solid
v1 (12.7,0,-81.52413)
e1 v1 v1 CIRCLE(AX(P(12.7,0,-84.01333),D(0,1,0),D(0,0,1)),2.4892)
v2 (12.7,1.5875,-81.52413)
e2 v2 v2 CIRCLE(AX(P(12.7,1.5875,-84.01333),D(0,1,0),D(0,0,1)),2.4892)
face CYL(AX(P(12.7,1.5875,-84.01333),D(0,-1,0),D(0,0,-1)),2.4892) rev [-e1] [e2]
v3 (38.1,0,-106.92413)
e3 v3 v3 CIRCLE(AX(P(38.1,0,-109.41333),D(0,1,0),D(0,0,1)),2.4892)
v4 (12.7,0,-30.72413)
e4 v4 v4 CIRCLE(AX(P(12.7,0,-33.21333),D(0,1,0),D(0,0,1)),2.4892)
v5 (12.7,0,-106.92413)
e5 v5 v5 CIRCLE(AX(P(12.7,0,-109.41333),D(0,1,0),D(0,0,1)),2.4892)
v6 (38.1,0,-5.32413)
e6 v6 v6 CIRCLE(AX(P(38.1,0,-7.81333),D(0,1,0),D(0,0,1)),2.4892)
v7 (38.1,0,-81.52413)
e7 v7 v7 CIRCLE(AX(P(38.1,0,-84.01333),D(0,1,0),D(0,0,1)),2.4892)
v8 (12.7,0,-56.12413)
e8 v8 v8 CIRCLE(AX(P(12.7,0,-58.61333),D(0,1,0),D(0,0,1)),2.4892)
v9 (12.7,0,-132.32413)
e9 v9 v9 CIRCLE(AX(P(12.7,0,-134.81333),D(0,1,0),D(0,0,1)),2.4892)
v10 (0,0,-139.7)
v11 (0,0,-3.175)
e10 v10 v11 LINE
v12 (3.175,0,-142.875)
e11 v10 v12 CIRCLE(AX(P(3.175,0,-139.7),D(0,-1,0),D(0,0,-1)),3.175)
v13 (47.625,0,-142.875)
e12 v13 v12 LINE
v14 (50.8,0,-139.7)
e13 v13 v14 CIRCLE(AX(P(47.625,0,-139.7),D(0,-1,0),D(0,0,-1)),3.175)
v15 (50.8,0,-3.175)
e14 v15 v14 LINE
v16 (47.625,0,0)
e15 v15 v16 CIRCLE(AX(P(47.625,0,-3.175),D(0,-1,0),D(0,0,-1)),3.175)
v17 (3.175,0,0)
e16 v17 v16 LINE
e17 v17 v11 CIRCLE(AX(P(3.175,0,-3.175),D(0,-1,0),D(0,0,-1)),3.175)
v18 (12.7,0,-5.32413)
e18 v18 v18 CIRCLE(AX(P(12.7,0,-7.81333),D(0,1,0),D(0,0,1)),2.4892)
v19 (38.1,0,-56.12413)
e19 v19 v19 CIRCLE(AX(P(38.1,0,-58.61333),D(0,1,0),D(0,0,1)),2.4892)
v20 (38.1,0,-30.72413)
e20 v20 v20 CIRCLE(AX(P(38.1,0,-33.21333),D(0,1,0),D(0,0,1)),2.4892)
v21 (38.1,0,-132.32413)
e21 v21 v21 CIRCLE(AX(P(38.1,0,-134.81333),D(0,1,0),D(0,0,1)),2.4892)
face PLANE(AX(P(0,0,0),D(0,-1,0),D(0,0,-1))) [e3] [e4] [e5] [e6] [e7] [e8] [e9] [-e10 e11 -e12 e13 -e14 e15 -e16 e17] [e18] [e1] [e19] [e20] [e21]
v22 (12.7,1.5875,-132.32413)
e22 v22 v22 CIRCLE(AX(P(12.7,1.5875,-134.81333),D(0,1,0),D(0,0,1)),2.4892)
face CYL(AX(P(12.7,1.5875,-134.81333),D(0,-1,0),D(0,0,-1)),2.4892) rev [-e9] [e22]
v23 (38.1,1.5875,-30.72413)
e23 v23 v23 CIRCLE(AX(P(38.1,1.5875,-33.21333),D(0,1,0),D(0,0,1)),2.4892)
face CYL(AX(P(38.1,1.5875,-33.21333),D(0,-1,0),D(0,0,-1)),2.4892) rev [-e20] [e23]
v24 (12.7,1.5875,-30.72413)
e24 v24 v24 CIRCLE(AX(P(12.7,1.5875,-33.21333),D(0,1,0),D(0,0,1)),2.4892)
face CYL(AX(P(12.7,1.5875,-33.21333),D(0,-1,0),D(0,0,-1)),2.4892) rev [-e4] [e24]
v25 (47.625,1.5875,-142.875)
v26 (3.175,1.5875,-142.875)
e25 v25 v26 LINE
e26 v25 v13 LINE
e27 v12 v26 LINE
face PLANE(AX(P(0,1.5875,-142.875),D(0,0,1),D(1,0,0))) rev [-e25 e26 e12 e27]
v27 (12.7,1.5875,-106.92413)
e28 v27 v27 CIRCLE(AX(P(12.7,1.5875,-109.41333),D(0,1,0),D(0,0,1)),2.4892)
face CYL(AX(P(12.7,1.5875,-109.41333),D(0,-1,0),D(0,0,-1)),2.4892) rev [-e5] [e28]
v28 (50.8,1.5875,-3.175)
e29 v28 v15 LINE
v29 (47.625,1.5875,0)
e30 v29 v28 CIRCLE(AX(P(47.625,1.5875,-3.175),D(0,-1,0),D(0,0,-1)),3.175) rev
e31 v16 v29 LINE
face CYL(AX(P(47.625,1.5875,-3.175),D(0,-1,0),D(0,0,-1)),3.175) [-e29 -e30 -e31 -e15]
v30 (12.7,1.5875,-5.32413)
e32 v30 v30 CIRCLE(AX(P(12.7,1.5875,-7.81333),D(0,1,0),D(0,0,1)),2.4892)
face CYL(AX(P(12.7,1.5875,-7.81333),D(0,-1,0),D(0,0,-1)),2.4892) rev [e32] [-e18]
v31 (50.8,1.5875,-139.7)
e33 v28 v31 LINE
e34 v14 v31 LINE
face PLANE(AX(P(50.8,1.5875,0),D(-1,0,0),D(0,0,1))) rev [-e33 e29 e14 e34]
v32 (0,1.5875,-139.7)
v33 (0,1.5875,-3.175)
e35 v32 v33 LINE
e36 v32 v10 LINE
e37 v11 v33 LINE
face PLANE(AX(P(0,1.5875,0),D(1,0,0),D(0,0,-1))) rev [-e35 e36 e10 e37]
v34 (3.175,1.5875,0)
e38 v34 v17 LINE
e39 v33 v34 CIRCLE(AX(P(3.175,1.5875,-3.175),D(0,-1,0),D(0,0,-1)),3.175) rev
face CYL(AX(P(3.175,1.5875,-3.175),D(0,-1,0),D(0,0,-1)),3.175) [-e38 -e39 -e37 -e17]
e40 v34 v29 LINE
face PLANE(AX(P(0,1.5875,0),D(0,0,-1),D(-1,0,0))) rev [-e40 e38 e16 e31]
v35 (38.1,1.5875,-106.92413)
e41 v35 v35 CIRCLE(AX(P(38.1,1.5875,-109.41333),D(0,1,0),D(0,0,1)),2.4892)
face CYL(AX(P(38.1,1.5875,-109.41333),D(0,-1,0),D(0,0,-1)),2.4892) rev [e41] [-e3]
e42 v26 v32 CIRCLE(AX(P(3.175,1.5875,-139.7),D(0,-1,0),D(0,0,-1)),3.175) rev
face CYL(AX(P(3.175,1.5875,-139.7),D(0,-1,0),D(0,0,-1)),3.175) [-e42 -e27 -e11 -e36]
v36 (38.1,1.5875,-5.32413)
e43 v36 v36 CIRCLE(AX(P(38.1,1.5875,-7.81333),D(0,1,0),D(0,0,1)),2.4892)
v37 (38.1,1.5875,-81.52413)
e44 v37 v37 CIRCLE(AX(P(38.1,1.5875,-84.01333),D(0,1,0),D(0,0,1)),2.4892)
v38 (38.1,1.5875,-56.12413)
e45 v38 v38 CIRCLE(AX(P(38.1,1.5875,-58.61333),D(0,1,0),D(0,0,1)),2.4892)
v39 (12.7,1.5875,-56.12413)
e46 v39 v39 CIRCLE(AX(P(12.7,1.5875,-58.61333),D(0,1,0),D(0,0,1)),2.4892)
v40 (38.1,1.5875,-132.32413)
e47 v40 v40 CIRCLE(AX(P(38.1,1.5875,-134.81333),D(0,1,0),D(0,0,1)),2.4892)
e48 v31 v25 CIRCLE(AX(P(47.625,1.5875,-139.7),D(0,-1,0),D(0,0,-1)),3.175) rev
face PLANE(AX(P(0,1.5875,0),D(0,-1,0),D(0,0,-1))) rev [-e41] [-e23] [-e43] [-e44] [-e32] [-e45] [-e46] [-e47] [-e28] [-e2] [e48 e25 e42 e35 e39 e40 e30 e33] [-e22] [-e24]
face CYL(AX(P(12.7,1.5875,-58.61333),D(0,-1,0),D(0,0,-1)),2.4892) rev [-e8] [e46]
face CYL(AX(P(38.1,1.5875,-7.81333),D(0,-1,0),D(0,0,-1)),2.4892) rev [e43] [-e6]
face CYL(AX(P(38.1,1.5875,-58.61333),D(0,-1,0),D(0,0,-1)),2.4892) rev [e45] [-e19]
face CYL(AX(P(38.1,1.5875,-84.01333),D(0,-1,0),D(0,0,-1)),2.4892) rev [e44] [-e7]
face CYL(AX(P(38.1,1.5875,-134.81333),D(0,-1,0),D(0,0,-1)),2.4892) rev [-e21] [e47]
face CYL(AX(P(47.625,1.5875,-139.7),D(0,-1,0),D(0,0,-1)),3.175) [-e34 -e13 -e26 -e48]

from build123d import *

# Parameters (mm, degrees)
SKETCH1_W           = 50.8
SKETCH1_H           = 142.875
SKETCH1_R           = 2.4892
BOSS_EXTRUDE1_DEPTH = 1.5875
FILLET1_R           = 3.175


with BuildPart() as part:
    # Sketch1 → Boss-Extrude1 (new body)
    with BuildSketch(Plane(origin=(0, 0, 0), x_dir=(1, 0, 0), z_dir=(0, 1, 0))):
        with Locations((25.4, 71.4375)):
            Rectangle(SKETCH1_W, SKETCH1_H)
        with Locations(Location((12.7, 7.813330322, 0), (0, 0, 270))):
            Circle(SKETCH1_R, mode=Mode.SUBTRACT)
        with Locations(Location((12.7, 33.213330322, 0), (0, 0, 270))):
            Circle(SKETCH1_R, mode=Mode.SUBTRACT)
        with Locations(Location((12.7, 58.613330322, 0), (0, 0, 270))):
            Circle(SKETCH1_R, mode=Mode.SUBTRACT)
        with Locations(Location((12.7, 84.013330322, 0), (0, 0, 270))):
            Circle(SKETCH1_R, mode=Mode.SUBTRACT)
        with Locations(Location((12.7, 109.413330322, 0), (0, 0, 270))):
            Circle(SKETCH1_R, mode=Mode.SUBTRACT)
        with Locations(Location((12.7, 134.813330322, 0), (0, 0, 270))):
            Circle(SKETCH1_R, mode=Mode.SUBTRACT)
        with Locations(Location((38.1, 33.213330322, 0), (0, 0, 270))):
            Circle(SKETCH1_R, mode=Mode.SUBTRACT)
        with Locations(Location((38.1, 58.613330322, 0), (0, 0, 270))):
            Circle(SKETCH1_R, mode=Mode.SUBTRACT)
        with Locations(Location((38.1, 84.013330322, 0), (0, 0, 270))):
            Circle(SKETCH1_R, mode=Mode.SUBTRACT)
        with Locations(Location((38.1, 109.413330322, 0), (0, 0, 270))):
            Circle(SKETCH1_R, mode=Mode.SUBTRACT)
        with Locations(Location((38.1, 134.813330322, 0), (0, 0, 270))):
            Circle(SKETCH1_R, mode=Mode.SUBTRACT)
        with Locations(Location((38.1, 7.813330322, 0), (0, 0, 270))):
            Circle(SKETCH1_R, mode=Mode.SUBTRACT)
    extrude(amount=BOSS_EXTRUDE1_DEPTH)

    # Fillet1
    fillet1_edges = [part.edges().sort_by_distance(p)[0] for p in [
        (0, 0.79375, -142.875),
        (50.8, 0.79375, -142.875),
        (50.8, 0.79375, 0),
        (0, 0.79375, 0),
    ]]
    fillet(fillet1_edges, radius=FILLET1_R)


solid = part.part
